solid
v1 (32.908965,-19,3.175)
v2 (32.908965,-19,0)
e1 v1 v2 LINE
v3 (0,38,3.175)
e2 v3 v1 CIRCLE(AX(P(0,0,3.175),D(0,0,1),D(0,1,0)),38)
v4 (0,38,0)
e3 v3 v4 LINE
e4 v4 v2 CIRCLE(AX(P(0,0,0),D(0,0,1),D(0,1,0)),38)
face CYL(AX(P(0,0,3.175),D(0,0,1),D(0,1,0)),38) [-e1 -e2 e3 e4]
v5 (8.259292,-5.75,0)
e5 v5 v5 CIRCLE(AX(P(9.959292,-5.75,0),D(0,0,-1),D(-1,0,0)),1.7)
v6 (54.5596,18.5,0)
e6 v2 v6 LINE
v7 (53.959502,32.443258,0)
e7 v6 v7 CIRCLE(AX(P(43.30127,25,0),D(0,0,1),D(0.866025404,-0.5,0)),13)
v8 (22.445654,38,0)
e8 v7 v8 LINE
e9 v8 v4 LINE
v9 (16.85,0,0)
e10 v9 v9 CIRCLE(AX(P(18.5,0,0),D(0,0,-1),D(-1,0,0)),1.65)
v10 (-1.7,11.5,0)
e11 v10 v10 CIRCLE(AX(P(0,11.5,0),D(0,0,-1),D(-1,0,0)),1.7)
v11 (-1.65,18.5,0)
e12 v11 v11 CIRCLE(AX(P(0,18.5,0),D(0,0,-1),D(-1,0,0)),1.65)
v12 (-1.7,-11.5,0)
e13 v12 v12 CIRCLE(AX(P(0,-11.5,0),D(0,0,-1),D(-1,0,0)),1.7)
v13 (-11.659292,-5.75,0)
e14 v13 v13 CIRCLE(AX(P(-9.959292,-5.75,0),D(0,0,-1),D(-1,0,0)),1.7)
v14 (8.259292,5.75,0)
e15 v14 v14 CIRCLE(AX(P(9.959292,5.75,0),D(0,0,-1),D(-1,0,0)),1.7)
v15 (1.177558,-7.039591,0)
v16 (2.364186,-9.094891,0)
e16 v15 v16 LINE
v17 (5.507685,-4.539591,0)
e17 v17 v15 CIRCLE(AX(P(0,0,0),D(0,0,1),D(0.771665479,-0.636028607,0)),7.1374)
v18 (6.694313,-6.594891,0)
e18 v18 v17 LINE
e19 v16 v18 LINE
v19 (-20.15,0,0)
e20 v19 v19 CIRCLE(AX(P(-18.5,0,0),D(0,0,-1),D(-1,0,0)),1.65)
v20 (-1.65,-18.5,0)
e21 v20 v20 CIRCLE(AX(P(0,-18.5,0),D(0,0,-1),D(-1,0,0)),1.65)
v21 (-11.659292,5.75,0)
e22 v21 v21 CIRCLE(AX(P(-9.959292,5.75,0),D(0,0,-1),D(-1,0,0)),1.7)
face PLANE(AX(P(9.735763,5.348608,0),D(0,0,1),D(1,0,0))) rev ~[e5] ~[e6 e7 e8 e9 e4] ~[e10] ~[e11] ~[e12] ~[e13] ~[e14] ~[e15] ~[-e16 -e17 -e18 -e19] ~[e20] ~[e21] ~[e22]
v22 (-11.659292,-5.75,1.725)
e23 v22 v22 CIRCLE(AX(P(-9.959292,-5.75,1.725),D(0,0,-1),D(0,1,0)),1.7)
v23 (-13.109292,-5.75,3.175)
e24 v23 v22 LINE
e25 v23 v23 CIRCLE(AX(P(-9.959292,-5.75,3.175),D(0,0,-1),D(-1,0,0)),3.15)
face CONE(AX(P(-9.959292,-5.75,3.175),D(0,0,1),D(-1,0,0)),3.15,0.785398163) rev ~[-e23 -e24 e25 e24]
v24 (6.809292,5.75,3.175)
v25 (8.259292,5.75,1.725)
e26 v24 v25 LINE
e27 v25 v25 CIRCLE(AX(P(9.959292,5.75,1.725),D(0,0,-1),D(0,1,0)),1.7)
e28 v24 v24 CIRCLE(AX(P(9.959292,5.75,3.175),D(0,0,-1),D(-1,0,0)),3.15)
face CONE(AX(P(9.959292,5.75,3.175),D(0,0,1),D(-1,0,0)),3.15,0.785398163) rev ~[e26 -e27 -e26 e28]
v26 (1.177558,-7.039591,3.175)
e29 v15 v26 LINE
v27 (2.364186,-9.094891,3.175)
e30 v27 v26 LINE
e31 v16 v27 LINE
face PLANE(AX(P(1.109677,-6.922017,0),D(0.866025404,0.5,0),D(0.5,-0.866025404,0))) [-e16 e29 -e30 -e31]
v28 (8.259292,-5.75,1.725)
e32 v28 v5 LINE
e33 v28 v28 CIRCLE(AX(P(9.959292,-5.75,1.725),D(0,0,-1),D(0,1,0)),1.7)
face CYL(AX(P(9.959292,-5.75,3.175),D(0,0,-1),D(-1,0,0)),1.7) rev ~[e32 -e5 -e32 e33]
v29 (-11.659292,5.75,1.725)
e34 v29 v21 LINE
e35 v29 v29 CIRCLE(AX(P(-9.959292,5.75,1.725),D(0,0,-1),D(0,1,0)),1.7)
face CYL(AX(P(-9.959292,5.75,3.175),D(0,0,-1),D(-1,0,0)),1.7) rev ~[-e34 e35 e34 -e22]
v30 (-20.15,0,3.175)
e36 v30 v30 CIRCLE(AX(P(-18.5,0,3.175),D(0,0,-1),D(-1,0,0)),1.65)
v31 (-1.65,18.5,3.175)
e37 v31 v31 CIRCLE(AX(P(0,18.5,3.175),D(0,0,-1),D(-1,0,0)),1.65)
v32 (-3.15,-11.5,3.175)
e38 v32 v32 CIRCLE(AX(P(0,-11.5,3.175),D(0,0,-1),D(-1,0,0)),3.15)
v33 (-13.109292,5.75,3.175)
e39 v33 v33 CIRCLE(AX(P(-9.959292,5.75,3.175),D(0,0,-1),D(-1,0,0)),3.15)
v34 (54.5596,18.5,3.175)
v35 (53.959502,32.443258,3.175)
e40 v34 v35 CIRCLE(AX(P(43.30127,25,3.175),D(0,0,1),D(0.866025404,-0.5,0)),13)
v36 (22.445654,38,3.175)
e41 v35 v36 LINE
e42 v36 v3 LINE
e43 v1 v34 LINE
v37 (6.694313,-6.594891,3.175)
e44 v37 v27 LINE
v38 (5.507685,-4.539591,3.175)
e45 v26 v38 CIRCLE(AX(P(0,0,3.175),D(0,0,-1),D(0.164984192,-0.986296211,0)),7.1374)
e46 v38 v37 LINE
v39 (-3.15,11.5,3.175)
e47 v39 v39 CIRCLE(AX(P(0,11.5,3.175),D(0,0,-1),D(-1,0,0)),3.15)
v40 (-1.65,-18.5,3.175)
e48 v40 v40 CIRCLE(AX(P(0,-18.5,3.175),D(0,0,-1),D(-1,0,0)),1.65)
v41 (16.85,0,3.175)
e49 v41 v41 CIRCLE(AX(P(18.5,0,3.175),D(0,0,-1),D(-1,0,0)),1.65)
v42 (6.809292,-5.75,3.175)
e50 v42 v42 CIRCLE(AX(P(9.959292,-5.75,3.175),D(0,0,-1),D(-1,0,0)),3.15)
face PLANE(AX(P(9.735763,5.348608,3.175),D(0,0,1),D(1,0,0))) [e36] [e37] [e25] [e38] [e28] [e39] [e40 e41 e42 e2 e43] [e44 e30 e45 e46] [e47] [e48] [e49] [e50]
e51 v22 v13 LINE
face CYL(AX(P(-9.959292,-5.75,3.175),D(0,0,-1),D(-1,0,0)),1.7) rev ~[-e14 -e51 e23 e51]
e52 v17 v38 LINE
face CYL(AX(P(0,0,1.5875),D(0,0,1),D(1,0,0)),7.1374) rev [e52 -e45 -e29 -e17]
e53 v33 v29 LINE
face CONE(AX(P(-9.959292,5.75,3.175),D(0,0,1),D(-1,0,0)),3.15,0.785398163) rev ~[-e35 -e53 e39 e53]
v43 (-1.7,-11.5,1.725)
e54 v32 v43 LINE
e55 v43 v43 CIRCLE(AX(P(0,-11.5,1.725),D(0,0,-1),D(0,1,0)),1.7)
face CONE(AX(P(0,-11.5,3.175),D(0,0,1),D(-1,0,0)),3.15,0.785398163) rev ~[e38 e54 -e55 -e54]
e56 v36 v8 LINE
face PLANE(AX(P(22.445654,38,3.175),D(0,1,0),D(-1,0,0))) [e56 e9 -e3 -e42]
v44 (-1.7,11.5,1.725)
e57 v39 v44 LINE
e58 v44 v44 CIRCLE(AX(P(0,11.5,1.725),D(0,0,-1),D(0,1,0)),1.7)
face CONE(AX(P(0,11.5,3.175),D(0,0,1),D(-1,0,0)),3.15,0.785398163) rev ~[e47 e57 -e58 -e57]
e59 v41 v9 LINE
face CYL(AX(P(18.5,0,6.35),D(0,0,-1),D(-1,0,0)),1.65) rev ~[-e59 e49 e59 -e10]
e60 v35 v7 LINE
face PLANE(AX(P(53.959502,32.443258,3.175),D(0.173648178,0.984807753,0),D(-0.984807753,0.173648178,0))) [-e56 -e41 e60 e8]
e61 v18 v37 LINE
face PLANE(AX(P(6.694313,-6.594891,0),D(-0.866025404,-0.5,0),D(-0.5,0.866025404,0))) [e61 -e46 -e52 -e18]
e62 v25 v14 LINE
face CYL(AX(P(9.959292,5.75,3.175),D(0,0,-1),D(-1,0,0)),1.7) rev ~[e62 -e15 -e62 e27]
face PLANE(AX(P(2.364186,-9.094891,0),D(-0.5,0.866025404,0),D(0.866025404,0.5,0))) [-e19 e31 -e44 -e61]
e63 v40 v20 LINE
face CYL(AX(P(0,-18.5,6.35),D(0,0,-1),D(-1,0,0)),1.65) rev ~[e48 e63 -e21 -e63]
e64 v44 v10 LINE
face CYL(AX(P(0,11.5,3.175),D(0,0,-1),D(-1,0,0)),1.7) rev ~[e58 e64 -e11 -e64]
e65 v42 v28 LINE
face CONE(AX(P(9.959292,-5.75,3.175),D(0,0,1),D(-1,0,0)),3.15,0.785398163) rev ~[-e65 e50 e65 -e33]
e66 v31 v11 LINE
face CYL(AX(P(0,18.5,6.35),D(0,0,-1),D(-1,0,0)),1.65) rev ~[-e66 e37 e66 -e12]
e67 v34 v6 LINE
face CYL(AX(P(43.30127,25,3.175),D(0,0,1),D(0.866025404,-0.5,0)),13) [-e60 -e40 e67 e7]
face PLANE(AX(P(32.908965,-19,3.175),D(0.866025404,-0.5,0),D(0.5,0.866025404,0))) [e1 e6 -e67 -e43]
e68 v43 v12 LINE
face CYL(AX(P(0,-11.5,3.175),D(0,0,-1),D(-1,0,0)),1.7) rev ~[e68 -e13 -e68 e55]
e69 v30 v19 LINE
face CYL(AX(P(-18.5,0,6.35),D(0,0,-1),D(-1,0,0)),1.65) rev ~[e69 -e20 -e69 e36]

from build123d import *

# Parameters (mm, degrees)
BOSS_EXTRUDE1_DEPTH                               = 3.175
SKETCH4_W                                         = 7.1374
SKETCH4_H                                         = 3.175
F_4_CLEARANCE_HOLE1_D                             = 3.3
F_4_CLEARANCE_HOLE1_DEPTH                         = 3.175
CSK_FOR_4_FLAT_HEAD_MACHINE_SCREW_100_D           = 3.4
CSK_FOR_4_FLAT_HEAD_MACHINE_SCREW_100_DEPTH       = 3.175
CSK_FOR_4_FLAT_HEAD_MACHINE_SCREW_100_CSINK_D     = 6.3
CSK_FOR_4_FLAT_HEAD_MACHINE_SCREW_100_CSINK_ANGLE = 90
CUT_EXTRUDE1_DEPTH                                = 4.175


with BuildPart() as part:
    # Sketch1 → Boss-Extrude1 (new body)
    with BuildSketch(Plane.XY.offset(3.175)):
        with BuildLine():
            Line((53.959502015, 32.443258315), (22.445653919, 38))
            Line((22.445653919, 38), (0, 38))
            ThreePointArc((0, 38), (-32.908965344, -19), (32.908965344, -19))
            Line((32.908965344, -19), (54.559600438, 18.5))
            ThreePointArc((54.559600438, 18.5), (56.289246799, 25.558984429), (53.959502015, 32.443258315))
        make_face()
    extrude(amount=-BOSS_EXTRUDE1_DEPTH)

    # Sketch4 → Cut-Revolve1 (revolve, cut)
    with BuildSketch(Plane.XZ):
        with Locations((3.5687, 1.5875)):
            Rectangle(SKETCH4_W, SKETCH4_H)
    revolve(axis=Axis((0, 0, 3.175), (0, 0, -1)), mode=Mode.SUBTRACT)

    # #4 Clearance Hole1
    with Locations(Plane.XY.offset(3.175)):
        with Locations((18.5, 0), (0, -18.5), (-18.5, 0), (0, 18.5)):
            Hole(F_4_CLEARANCE_HOLE1_D / 2, depth=F_4_CLEARANCE_HOLE1_DEPTH)

    # CSK for #4 Flat Head Machine Screw (100)1
    with Locations(Plane.XY.offset(3.175)):
        with Locations((-9.959292144, 5.75), (-9.959292144, -5.75), (0, -11.5), (9.959292144, -5.75), (9.959292144, 5.75), (0, 11.5)):
            CounterSinkHole(CSK_FOR_4_FLAT_HEAD_MACHINE_SCREW_100_D / 2, CSK_FOR_4_FLAT_HEAD_MACHINE_SCREW_100_CSINK_D / 2, depth=CSK_FOR_4_FLAT_HEAD_MACHINE_SCREW_100_DEPTH, counter_sink_angle=CSK_FOR_4_FLAT_HEAD_MACHINE_SCREW_100_CSINK_ANGLE)

    # Sketch9 → Cut-Extrude1 (cut, through all)
    with BuildSketch(Plane(origin=(0, 0, 0), x_dir=(-1, 0, 0), z_dir=(0, 0, -1))):
        Polygon((-2.364186438, -9.09489103), (-6.694313457, -6.59489103), (-5.439804269, -4.422017377), (-1.10967725, -6.922017377), align=None)
    extrude(amount=-CUT_EXTRUDE1_DEPTH, mode=Mode.SUBTRACT)


solid = part.part
